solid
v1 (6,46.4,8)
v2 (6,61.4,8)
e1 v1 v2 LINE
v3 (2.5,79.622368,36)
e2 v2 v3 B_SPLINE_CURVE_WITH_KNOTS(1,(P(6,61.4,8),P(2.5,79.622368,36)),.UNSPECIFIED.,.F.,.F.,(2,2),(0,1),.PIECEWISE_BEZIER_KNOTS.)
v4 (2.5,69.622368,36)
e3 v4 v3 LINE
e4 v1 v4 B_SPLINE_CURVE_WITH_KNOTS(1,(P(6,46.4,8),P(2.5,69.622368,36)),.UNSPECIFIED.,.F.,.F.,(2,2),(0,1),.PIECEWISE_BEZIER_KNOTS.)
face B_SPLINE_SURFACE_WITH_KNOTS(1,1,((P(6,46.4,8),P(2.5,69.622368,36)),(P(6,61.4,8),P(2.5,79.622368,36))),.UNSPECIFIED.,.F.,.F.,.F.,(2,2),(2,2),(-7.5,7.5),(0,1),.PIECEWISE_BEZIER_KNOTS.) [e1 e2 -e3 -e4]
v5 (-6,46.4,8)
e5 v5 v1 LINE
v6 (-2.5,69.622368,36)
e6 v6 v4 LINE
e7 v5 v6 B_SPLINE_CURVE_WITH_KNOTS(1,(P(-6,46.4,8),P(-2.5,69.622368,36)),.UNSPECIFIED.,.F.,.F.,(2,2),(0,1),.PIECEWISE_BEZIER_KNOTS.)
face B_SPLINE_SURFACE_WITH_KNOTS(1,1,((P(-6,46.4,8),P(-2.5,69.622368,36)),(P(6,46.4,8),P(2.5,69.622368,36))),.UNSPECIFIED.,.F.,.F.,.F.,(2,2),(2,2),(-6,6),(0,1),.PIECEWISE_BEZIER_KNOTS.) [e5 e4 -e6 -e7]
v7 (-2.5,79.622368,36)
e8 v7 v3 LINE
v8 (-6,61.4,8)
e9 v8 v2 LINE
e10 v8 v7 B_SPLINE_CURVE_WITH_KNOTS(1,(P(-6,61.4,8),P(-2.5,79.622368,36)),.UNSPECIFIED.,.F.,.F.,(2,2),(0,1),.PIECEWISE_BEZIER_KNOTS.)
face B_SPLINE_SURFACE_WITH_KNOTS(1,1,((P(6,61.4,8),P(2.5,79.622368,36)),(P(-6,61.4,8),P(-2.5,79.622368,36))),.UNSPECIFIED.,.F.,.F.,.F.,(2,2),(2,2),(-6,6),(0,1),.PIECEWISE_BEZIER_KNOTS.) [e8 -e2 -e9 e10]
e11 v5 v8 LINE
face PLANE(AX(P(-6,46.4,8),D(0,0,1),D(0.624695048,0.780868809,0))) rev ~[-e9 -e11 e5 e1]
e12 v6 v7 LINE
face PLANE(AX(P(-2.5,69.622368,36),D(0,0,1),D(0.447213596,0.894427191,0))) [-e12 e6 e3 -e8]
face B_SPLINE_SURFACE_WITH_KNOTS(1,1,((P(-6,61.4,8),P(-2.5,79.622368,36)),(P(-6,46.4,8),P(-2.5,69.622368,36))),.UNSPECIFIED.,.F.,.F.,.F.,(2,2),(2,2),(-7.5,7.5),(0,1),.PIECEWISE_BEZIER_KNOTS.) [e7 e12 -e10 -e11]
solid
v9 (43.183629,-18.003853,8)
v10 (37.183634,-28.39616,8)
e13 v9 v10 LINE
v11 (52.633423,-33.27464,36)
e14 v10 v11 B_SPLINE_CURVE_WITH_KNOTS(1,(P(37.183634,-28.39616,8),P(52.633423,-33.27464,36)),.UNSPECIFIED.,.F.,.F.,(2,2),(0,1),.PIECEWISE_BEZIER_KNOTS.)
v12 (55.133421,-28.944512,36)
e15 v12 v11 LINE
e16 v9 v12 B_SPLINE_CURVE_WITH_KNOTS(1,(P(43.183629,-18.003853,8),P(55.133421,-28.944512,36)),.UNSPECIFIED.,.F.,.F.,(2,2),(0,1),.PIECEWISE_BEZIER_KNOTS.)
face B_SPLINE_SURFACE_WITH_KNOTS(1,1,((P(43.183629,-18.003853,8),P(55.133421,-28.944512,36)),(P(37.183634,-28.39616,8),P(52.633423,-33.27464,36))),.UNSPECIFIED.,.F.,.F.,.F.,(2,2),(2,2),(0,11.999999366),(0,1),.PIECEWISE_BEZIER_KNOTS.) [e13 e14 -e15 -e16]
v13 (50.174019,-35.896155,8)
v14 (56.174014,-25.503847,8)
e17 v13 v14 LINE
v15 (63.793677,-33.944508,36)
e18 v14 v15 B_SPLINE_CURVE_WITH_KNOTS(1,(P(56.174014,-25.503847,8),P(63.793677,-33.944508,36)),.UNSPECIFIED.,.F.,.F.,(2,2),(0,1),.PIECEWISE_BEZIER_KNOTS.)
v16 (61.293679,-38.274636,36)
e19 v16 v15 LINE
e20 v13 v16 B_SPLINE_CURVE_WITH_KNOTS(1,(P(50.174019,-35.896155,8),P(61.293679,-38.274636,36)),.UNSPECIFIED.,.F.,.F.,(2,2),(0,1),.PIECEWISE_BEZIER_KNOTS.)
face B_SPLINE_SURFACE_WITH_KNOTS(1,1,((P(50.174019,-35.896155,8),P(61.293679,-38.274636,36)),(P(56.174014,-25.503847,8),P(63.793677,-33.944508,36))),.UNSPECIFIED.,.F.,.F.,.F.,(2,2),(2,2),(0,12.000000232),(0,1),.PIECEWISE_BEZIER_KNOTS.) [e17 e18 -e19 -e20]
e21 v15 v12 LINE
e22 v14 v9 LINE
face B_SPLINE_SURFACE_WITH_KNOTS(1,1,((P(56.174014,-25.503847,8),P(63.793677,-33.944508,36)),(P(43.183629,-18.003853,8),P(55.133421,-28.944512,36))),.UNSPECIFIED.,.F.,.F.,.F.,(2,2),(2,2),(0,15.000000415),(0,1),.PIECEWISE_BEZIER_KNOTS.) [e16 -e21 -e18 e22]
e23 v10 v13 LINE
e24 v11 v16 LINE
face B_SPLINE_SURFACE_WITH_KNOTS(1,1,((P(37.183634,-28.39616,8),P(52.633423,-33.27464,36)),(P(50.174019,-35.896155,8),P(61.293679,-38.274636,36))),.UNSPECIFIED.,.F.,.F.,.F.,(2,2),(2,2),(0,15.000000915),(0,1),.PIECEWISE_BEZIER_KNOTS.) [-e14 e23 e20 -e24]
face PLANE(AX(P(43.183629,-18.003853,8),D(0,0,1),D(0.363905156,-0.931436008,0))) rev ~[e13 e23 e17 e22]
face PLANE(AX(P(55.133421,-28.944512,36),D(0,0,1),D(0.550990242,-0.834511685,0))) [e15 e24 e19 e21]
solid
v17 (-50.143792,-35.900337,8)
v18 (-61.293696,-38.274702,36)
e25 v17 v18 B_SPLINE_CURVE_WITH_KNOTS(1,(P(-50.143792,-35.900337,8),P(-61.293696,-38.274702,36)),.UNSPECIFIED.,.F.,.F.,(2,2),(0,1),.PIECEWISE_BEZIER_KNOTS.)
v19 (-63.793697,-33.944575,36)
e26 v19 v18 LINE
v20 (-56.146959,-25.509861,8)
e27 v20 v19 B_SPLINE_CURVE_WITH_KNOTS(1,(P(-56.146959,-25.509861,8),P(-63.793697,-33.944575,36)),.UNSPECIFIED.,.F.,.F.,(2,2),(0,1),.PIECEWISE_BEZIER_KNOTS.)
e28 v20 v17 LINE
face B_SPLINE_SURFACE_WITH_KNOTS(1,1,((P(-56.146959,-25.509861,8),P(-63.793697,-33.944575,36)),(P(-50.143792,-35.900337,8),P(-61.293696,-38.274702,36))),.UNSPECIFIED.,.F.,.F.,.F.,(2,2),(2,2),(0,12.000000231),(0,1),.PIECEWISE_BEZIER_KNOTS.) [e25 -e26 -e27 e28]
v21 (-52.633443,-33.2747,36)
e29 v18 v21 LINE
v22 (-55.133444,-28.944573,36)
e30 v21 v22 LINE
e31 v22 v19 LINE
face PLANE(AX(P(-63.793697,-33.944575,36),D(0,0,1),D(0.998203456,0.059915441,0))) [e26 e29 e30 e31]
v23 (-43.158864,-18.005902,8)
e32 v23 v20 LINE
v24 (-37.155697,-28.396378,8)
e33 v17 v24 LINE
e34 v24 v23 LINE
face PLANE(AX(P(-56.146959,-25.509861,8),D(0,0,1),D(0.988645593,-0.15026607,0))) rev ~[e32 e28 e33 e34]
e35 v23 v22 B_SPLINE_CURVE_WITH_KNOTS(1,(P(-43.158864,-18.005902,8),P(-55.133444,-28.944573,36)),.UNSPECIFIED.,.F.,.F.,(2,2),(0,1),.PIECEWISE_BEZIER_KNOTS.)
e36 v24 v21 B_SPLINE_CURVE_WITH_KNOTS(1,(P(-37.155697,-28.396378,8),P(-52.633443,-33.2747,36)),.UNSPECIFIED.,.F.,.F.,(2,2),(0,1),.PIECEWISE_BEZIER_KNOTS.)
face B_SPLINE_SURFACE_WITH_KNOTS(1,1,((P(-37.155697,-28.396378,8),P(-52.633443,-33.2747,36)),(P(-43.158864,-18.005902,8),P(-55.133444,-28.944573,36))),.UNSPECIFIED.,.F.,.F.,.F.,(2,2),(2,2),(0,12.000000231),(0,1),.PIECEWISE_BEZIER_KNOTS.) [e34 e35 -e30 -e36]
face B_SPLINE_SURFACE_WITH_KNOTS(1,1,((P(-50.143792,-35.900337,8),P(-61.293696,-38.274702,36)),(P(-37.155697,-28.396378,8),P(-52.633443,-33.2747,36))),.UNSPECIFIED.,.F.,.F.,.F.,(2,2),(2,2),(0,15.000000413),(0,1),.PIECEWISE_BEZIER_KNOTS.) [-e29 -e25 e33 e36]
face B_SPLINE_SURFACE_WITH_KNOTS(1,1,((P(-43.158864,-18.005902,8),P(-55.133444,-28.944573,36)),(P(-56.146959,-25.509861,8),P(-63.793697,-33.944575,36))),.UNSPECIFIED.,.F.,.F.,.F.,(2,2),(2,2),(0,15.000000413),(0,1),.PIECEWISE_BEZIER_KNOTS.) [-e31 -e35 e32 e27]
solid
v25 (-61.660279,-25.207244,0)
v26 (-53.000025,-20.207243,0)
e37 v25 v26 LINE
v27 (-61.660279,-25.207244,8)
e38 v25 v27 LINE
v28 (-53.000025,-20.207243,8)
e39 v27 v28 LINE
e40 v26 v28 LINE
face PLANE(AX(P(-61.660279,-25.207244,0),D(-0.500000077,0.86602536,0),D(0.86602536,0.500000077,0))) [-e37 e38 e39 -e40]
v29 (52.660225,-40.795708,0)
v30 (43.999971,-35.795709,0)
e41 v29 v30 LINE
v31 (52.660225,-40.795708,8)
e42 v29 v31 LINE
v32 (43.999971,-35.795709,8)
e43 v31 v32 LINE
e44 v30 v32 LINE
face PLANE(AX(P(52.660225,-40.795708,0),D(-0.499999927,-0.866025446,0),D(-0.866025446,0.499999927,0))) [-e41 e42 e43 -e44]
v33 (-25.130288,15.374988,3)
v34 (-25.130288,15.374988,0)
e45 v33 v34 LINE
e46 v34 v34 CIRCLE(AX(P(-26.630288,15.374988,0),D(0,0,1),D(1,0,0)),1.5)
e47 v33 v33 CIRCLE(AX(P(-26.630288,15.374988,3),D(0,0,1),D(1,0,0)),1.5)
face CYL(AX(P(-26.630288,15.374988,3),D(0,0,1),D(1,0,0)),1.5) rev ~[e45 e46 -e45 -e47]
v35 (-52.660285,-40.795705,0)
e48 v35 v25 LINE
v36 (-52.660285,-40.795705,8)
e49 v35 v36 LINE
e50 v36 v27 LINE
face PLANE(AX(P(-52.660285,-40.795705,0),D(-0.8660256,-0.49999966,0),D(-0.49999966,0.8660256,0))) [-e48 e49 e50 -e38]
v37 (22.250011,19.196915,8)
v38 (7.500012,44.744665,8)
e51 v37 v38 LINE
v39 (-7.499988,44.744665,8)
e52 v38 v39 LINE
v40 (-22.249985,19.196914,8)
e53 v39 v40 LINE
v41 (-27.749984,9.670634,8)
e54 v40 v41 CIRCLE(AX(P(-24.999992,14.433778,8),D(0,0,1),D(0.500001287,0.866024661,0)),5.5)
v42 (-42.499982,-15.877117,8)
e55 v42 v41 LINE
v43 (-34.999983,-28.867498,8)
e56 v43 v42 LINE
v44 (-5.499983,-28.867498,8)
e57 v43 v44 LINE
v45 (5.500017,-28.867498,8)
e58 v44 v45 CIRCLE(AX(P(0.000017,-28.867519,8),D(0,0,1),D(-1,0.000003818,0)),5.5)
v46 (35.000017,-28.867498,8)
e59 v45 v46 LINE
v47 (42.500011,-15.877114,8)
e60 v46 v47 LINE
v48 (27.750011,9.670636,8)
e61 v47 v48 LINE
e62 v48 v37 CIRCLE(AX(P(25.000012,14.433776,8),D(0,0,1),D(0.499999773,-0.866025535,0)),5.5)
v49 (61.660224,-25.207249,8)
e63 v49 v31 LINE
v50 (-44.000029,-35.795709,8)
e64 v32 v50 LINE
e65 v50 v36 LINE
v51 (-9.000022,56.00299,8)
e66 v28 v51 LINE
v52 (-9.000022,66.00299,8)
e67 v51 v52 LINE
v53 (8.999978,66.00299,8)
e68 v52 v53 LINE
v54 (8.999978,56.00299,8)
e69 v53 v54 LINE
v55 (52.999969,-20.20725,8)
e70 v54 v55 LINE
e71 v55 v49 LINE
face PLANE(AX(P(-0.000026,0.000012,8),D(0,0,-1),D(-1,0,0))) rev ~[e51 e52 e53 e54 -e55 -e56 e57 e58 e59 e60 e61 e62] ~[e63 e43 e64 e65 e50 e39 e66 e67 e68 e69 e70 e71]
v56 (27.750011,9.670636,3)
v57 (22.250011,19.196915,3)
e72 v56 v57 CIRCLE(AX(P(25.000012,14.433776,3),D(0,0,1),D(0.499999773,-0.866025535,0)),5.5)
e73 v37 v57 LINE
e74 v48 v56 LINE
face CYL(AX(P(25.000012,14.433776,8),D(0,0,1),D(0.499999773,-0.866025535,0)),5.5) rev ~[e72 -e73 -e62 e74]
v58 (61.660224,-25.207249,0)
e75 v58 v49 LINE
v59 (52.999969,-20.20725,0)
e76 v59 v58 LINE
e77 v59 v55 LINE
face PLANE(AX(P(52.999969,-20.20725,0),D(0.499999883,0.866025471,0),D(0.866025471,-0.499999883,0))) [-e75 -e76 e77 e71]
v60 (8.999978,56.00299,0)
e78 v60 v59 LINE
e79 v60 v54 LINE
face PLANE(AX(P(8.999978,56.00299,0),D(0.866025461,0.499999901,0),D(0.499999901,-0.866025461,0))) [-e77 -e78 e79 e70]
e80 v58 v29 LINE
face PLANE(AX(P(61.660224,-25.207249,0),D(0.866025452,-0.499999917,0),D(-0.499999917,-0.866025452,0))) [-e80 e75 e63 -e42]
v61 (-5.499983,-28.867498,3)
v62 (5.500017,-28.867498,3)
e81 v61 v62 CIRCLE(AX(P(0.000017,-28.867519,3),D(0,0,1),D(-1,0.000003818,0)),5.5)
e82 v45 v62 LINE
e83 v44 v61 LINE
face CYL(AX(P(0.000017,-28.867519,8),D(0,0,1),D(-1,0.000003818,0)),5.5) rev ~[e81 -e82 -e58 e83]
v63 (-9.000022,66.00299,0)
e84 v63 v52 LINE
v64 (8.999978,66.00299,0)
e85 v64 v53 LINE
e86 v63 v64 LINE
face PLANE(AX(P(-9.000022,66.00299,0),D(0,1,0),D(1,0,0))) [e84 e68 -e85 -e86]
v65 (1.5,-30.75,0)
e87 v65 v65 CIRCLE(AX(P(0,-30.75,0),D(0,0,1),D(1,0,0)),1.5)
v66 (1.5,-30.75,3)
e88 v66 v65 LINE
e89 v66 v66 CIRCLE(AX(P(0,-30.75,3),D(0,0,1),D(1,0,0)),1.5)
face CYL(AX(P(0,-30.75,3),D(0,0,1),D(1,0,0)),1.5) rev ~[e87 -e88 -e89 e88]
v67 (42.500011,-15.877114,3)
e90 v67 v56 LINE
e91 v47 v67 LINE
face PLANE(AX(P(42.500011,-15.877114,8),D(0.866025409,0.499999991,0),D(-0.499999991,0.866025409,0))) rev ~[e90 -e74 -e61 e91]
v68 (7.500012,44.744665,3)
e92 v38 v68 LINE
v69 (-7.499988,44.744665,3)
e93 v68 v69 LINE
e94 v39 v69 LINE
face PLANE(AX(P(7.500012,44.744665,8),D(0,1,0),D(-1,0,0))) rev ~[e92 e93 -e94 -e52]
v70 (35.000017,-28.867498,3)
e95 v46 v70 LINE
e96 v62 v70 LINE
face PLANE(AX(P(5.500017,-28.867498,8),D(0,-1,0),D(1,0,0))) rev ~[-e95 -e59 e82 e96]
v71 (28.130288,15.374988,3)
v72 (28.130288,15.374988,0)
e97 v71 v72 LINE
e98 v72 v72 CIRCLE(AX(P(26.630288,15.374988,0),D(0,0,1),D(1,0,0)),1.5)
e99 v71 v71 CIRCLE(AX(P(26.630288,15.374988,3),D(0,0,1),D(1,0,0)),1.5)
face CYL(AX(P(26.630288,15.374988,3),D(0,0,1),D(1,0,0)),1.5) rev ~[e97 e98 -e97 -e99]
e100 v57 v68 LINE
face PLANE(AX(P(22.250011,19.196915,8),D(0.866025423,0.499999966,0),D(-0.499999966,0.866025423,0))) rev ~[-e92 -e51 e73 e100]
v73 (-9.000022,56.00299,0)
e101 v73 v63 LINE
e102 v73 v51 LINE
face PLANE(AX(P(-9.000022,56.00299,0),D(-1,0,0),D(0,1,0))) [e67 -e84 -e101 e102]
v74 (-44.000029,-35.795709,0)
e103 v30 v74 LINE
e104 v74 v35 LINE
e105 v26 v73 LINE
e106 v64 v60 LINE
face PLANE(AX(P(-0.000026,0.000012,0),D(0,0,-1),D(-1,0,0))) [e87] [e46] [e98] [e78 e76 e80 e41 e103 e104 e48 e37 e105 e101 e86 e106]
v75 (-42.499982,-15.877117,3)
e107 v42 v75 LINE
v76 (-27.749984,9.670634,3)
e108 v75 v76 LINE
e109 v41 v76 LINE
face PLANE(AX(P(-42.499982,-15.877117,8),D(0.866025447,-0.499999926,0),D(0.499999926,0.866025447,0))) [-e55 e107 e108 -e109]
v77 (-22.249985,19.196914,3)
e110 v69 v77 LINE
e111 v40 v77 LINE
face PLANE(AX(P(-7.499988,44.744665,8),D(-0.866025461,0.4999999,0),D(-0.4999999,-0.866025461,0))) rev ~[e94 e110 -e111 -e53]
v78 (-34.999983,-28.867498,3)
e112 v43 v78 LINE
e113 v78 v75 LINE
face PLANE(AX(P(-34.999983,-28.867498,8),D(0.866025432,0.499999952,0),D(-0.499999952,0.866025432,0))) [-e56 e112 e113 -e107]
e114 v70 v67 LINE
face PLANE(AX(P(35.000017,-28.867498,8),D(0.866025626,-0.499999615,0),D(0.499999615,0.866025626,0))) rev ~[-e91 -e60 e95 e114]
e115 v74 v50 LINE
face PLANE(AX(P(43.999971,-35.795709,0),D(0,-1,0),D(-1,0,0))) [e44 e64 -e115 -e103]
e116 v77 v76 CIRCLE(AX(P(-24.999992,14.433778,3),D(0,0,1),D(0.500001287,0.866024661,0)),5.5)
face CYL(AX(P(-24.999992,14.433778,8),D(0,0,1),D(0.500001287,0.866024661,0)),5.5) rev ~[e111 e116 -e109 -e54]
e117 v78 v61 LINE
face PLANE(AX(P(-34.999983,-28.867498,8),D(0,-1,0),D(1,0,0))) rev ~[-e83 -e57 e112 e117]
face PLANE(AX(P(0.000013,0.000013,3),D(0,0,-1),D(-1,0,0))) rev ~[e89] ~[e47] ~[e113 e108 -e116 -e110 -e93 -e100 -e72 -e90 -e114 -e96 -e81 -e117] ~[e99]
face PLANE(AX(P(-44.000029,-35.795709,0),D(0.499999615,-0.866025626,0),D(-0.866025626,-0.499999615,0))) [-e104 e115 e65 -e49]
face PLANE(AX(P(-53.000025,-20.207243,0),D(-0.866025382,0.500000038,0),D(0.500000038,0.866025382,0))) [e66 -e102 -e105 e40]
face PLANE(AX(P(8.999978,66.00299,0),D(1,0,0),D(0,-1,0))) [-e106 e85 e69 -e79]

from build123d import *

# Parameters (mm, degrees)
PAD_DEPTH       = 8
POCKET_DEPTH    = 5
SKETCH003_R     = 1.5
POCKET001_DEPTH = 3.001
SKETCH006_W     = 12
SKETCH006_H     = 15
SKETCH007_W     = 5
SKETCH007_H     = 10


with BuildPart() as pocket001:
    # Sketch → Pad (new body)
    with BuildSketch(Plane.XY):
        Polygon((8.999978, 56.00299), (52.999969, -20.20725), (61.660224, -25.207249), (52.660225, -40.795708), (43.999971, -35.795709), (-44.000029, -35.795709), (-52.660285, -40.795705), (-61.660279, -25.207244), (-53.000025, -20.207243), (-9.000022, 56.00299), (-9.000022, 66.00299), (8.999978, 66.00299), align=None)
    extrude(amount=PAD_DEPTH)

    # Sketch001 → Pocket (cut)
    with BuildSketch(Plane.XY.offset(8)):
        with BuildLine():
            Line((-34.999983, -28.867498), (-42.499982, -15.877117))
            Line((-42.499982, -15.877117), (-27.749984, 9.670634))
            ThreePointArc((-22.249985, 19.196914), (-29.763132, 17.183778), (-27.749984, 9.670634))
            Line((-7.499988, 44.744665), (-22.249985, 19.196914))
            Line((7.500012, 44.744665), (-7.499988, 44.744665))
            Line((22.250011, 19.196915), (7.500012, 44.744665))
            ThreePointArc((27.750011, 9.670636), (29.763152, 17.183776), (22.250011, 19.196915))
            Line((42.500011, -15.877114), (27.750011, 9.670636))
            Line((35.000017, -28.867498), (42.500011, -15.877114))
            Line((5.500017, -28.867498), (35.000017, -28.867498))
            ThreePointArc((-5.499983, -28.867498), (1.7e-05, -34.367519), (5.500017, -28.867498))
            Line((-34.999983, -28.867498), (-5.499983, -28.867498))
        make_face()
    extrude(amount=-POCKET_DEPTH, mode=Mode.SUBTRACT)

    # Sketch003 → Pocket001 (cut, through all)
    with BuildSketch(Plane.XY.offset(3)):
        with Locations((-26.630288, 15.374988)):
            Circle(SKETCH003_R)
        with Locations((0, -30.75)):
            Circle(SKETCH003_R)
        with Locations((26.630288, 15.374988)):
            Circle(SKETCH003_R)
    extrude(amount=-POCKET001_DEPTH, mode=Mode.SUBTRACT)


with BuildPart() as loft001:
    # Sketch006 → Loft001 section 0
    with BuildSketch(Plane.XY.offset(8)):
        with Locations((0, 53.9)):
            Rectangle(SKETCH006_W, SKETCH006_H)
    # Sketch007 → Loft001 section 1
    with BuildSketch(Plane.XY.offset(36)):
        with Locations((0, 74.622368)):
            Rectangle(SKETCH007_W, SKETCH007_H)
    loft()


with BuildPart() as loft_body:
    # Sketch004 → Loft section 0
    with BuildSketch(Plane.XY.offset(8)):
        Polygon((43.183629, -18.003853), (37.183634, -28.39616), (50.174019, -35.896155), (56.174014, -25.503847), align=None)
    # Sketch009 → Loft section 1
    with BuildSketch(Plane.XY.offset(36)):
        Polygon((55.133421, -28.944512), (52.633423, -33.27464), (61.293679, -38.274636), (63.793677, -33.944508), align=None)
    loft()


with BuildPart() as loft002:
    # Sketch008 → Loft002 section 0
    with BuildSketch(Plane.XY.offset(8)):
        Polygon((-56.146959, -25.509861), (-50.143792, -35.900337), (-37.155697, -28.396378), (-43.158864, -18.005902), align=None)
    # Sketch005 → Loft002 section 1
    with BuildSketch(Plane.XY.offset(36)):
        Polygon((-63.793697, -33.944575), (-61.293696, -38.274702), (-52.633443, -33.2747), (-55.133444, -28.944573), align=None)
    loft()


solid = Compound([pocket001.part, loft001.part, loft_body.part, loft002.part])
